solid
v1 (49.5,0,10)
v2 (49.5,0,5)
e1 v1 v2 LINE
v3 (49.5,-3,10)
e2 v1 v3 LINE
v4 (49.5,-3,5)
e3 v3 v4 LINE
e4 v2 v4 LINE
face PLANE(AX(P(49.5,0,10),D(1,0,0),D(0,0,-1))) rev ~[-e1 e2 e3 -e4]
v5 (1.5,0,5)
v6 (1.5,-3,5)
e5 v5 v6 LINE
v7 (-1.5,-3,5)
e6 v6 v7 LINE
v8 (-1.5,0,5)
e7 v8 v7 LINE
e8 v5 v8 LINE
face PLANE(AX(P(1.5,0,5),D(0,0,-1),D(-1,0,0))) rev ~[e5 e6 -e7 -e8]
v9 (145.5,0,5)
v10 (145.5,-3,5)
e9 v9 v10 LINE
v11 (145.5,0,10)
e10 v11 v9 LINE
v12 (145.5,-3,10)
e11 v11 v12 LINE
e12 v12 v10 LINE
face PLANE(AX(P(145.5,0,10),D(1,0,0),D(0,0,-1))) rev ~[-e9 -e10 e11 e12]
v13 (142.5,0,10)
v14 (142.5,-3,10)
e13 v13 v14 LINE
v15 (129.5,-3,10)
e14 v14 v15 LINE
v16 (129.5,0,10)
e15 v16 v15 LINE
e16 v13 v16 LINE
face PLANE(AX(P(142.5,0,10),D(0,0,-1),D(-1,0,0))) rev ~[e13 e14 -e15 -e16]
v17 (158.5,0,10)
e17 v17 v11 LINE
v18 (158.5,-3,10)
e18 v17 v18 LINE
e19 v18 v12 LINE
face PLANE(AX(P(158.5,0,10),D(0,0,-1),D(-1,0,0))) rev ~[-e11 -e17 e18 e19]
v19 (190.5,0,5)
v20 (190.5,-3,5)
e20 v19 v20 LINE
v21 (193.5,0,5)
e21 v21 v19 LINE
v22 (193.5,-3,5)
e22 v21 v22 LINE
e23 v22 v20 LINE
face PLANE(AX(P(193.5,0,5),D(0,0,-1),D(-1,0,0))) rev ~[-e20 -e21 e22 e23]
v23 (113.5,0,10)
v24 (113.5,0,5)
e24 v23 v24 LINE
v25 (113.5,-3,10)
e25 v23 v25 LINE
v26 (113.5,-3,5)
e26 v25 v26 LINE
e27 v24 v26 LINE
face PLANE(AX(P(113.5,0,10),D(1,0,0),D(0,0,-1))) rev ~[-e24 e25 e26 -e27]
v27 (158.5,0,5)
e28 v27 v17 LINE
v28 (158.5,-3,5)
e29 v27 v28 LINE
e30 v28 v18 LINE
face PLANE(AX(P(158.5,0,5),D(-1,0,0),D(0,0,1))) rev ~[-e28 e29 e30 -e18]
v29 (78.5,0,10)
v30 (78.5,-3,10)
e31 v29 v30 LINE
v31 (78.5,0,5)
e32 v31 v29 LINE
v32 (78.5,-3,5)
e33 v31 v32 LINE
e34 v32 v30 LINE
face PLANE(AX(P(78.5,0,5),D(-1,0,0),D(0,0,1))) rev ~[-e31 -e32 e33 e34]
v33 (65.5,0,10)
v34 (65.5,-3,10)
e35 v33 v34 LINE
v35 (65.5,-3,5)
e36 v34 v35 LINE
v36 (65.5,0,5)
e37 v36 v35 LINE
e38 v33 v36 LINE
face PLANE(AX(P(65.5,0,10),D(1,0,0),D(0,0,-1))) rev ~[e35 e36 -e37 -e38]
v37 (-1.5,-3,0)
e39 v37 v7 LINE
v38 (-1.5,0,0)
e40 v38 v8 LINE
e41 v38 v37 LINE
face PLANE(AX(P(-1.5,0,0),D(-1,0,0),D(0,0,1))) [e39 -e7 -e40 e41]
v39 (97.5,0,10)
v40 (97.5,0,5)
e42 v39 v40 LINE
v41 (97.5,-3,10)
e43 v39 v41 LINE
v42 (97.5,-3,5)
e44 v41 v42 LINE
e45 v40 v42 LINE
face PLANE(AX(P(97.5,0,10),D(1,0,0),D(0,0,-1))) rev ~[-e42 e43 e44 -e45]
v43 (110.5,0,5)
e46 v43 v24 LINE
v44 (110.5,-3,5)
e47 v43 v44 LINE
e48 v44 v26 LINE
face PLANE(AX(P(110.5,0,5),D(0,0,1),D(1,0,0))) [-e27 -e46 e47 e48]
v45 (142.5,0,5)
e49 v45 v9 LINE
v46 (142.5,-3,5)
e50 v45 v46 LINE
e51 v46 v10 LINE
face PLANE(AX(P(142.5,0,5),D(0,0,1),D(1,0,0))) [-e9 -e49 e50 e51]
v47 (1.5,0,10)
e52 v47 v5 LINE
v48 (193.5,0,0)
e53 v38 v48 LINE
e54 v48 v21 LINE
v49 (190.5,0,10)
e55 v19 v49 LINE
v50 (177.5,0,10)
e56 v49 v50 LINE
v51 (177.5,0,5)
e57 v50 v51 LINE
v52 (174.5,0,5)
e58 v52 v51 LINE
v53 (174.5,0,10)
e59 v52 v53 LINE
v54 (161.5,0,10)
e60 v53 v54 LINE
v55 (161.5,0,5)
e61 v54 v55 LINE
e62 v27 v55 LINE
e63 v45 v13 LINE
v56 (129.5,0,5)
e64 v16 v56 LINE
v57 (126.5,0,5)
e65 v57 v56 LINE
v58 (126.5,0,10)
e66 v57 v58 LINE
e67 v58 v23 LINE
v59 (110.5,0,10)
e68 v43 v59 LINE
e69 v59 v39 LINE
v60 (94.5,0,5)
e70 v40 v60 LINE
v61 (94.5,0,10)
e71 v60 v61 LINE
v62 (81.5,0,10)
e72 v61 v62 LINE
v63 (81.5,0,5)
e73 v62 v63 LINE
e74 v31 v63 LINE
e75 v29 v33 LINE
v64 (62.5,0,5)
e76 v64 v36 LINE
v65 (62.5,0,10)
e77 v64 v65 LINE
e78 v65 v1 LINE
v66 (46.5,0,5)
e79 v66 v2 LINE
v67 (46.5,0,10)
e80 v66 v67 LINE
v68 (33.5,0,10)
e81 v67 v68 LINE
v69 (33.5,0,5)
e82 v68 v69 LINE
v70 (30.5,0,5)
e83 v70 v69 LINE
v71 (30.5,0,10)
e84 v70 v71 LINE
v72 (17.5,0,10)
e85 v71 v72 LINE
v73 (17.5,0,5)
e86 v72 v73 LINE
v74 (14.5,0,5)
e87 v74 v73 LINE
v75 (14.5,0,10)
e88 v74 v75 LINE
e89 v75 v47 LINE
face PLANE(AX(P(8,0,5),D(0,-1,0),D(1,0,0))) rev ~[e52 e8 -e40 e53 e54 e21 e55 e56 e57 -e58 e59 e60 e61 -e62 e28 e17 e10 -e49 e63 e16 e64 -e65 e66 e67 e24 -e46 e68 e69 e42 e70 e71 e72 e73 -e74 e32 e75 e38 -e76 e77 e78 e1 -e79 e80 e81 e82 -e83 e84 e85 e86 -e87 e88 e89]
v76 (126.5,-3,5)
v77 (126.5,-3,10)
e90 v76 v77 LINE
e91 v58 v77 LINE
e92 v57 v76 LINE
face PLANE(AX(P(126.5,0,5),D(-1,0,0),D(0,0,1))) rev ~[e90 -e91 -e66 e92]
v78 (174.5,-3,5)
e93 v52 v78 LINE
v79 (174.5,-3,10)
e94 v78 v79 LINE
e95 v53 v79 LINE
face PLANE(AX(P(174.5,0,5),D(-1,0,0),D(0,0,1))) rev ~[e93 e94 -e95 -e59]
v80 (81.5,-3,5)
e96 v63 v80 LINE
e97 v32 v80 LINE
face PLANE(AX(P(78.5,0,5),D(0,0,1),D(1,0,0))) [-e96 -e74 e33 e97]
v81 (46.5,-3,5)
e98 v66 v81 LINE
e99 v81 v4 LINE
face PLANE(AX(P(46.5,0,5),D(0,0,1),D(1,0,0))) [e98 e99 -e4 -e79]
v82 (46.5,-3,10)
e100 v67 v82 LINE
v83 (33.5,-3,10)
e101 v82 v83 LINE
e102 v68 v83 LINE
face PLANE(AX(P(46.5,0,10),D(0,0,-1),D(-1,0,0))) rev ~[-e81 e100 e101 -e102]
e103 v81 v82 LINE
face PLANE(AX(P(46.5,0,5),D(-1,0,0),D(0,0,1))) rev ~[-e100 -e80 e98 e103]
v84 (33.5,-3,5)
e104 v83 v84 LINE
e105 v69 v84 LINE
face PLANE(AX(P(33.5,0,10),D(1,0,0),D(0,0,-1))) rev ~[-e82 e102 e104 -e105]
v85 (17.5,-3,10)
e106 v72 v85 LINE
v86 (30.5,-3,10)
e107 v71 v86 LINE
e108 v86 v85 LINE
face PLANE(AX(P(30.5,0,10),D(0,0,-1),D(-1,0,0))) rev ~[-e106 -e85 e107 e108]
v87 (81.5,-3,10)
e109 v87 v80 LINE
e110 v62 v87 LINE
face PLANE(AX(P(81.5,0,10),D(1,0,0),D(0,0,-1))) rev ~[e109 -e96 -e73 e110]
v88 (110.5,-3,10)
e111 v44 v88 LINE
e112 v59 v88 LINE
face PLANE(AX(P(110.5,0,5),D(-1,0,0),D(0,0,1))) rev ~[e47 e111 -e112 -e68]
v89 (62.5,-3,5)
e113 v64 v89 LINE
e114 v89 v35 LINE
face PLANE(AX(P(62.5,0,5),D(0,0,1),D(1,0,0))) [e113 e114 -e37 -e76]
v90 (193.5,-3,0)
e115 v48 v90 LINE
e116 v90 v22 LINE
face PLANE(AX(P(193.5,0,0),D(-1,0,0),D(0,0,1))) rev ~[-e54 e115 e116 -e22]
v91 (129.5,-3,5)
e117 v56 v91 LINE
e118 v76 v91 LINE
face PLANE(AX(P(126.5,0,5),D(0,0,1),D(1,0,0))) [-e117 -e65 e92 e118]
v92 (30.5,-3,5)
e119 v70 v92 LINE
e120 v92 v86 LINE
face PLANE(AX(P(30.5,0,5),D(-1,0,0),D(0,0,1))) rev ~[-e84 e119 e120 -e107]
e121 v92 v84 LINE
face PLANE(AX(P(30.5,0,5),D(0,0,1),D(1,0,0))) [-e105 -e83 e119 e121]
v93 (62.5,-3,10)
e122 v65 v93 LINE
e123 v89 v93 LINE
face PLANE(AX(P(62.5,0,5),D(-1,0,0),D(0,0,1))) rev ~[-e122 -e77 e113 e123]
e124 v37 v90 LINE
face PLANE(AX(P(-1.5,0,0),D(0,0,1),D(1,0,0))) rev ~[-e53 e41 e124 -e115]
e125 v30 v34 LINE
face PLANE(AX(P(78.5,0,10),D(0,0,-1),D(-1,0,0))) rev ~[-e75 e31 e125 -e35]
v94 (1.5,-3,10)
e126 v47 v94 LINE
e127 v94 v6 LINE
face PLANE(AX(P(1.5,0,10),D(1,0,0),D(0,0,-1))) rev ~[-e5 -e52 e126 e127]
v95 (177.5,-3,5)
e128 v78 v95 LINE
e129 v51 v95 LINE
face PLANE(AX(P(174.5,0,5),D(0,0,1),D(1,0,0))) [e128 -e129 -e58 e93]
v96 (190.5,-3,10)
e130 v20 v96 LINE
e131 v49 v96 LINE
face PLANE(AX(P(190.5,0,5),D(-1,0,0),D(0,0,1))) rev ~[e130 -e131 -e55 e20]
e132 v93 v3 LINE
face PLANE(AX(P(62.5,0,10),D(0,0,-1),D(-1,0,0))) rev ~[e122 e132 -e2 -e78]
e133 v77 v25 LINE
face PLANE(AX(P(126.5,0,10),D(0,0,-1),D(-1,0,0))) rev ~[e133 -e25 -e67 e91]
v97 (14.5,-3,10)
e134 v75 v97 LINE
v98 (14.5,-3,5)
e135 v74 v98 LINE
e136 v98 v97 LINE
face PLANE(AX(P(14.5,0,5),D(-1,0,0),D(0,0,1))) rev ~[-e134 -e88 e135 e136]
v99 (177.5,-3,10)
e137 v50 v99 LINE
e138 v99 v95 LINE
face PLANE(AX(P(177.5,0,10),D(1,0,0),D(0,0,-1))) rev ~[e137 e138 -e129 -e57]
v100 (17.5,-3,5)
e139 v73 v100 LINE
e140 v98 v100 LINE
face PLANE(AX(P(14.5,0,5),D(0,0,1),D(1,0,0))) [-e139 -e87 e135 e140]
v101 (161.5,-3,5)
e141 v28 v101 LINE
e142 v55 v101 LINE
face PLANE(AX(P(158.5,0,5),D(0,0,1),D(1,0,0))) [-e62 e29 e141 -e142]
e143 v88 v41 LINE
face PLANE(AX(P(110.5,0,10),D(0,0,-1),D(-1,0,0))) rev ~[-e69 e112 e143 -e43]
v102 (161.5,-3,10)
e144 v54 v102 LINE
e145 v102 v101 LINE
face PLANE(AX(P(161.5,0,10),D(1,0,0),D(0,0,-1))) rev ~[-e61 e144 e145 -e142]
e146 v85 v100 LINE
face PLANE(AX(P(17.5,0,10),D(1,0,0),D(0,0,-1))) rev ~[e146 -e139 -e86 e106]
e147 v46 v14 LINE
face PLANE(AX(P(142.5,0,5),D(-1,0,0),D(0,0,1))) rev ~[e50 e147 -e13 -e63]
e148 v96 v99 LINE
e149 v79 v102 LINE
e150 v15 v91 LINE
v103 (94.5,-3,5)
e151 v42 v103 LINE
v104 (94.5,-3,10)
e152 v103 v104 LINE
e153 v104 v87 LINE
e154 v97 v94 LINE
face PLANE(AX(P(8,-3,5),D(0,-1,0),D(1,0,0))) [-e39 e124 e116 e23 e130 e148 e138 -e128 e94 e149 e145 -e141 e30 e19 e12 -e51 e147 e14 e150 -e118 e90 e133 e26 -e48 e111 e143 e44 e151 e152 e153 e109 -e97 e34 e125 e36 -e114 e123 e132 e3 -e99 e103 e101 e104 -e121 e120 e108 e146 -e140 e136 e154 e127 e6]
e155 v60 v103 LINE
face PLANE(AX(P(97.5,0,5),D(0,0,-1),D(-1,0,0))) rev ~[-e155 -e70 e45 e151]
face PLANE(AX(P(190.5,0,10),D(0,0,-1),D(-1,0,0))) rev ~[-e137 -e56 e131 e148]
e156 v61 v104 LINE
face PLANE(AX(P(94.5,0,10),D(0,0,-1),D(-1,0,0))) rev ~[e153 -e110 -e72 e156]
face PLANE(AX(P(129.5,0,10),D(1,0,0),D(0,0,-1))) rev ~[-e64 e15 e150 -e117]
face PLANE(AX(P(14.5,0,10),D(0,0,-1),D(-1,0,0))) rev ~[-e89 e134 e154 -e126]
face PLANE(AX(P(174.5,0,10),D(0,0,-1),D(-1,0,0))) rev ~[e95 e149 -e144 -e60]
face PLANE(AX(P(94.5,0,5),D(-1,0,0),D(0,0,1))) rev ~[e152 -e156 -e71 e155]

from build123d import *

# Parameters (mm, degrees)
F0_W     = 1.5
F0_H     = 5
F0_W_2   = 3
F1_DEPTH = 3


with BuildPart() as f1:
    # F0 (on Front) → F1 (new body)
    with BuildSketch(Plane.XZ):
        Polygon((1.5, 5), (1.5, 0), (11.5, 0), (14.5, 0), (14.5, 5), (14.5, 10), (11.5, 10), (1.5, 10), align=None)
        Polygon((17.5, 5), (17.5, 0), (20.5, 0), (30.5, 0), (30.5, 5), (30.5, 10), (20.5, 10), (17.5, 10), align=None)
        Polygon((33.5, 5), (33.5, 0), (43.5, 0), (46.5, 0), (46.5, 5), (46.5, 10), (33.5, 10), align=None)
        Polygon((49.5, 5), (49.5, 0), (52.5, 0), (62.5, 0), (62.5, 5), (62.5, 10), (49.5, 10), align=None)
        Polygon((78.5, 10), (65.5, 10), (65.5, 5), (65.5, 0), (75.5, 0), (78.5, 0), (78.5, 5), align=None)
        Polygon((94.5, 10), (81.5, 10), (81.5, 5), (81.5, 0), (84.5, 0), (94.5, 0), (94.5, 5), align=None)
        Polygon((110.5, 10), (97.5, 10), (97.5, 5), (97.5, 0), (107.5, 0), (110.5, 0), (110.5, 5), align=None)
        Polygon((126.5, 10), (113.5, 10), (113.5, 5), (113.5, 0), (116.5, 0), (126.5, 0), (126.5, 5), align=None)
        Polygon((142.5, 10), (129.5, 10), (129.5, 5), (129.5, 0), (139.5, 0), (142.5, 0), (142.5, 5), align=None)
        Polygon((158.5, 10), (145.5, 10), (145.5, 5), (145.5, 0), (148.5, 0), (158.5, 0), (158.5, 5), align=None)
        Polygon((171.5, 10), (161.5, 10), (161.5, 5), (161.5, 0), (171.5, 0), (174.5, 0), (174.5, 5), (174.5, 10), align=None)
        Polygon((180.5, 10), (177.5, 10), (177.5, 5), (177.5, 0), (180.5, 0), (190.5, 0), (190.5, 5), (190.5, 10), align=None)
        with Locations((0.75, 2.5)):
            Rectangle(F0_W, F0_H)
        with Locations((-0.75, 2.5)):
            Rectangle(F0_W, F0_H)
        with Locations((16, 2.5)):
            Rectangle(F0_W_2, F0_H)
        with Locations((32, 2.5)):
            Rectangle(F0_W_2, F0_H)
        with Locations((48, 2.5)):
            Rectangle(F0_W_2, F0_H)
        with Locations((64, 2.5)):
            Rectangle(F0_W_2, F0_H)
        with Locations((80, 2.5)):
            Rectangle(F0_W_2, F0_H)
        with Locations((96.75, 2.5)):
            Rectangle(F0_W, F0_H)
        with Locations((112, 2.5)):
            Rectangle(F0_W_2, F0_H)
        with Locations((128, 2.5)):
            Rectangle(F0_W_2, F0_H)
        with Locations((144, 2.5)):
            Rectangle(F0_W_2, F0_H)
        with Locations((160, 2.5)):
            Rectangle(F0_W_2, F0_H)
        with Locations((95.25, 2.5)):
            Rectangle(F0_W, F0_H)
        with Locations((176, 2.5)):
            Rectangle(F0_W_2, F0_H)
        with Locations((191.25, 2.5)):
            Rectangle(F0_W, F0_H)
        with Locations((192.75, 2.5)):
            Rectangle(F0_W, F0_H)
    extrude(amount=F1_DEPTH)


solid = f1.part
